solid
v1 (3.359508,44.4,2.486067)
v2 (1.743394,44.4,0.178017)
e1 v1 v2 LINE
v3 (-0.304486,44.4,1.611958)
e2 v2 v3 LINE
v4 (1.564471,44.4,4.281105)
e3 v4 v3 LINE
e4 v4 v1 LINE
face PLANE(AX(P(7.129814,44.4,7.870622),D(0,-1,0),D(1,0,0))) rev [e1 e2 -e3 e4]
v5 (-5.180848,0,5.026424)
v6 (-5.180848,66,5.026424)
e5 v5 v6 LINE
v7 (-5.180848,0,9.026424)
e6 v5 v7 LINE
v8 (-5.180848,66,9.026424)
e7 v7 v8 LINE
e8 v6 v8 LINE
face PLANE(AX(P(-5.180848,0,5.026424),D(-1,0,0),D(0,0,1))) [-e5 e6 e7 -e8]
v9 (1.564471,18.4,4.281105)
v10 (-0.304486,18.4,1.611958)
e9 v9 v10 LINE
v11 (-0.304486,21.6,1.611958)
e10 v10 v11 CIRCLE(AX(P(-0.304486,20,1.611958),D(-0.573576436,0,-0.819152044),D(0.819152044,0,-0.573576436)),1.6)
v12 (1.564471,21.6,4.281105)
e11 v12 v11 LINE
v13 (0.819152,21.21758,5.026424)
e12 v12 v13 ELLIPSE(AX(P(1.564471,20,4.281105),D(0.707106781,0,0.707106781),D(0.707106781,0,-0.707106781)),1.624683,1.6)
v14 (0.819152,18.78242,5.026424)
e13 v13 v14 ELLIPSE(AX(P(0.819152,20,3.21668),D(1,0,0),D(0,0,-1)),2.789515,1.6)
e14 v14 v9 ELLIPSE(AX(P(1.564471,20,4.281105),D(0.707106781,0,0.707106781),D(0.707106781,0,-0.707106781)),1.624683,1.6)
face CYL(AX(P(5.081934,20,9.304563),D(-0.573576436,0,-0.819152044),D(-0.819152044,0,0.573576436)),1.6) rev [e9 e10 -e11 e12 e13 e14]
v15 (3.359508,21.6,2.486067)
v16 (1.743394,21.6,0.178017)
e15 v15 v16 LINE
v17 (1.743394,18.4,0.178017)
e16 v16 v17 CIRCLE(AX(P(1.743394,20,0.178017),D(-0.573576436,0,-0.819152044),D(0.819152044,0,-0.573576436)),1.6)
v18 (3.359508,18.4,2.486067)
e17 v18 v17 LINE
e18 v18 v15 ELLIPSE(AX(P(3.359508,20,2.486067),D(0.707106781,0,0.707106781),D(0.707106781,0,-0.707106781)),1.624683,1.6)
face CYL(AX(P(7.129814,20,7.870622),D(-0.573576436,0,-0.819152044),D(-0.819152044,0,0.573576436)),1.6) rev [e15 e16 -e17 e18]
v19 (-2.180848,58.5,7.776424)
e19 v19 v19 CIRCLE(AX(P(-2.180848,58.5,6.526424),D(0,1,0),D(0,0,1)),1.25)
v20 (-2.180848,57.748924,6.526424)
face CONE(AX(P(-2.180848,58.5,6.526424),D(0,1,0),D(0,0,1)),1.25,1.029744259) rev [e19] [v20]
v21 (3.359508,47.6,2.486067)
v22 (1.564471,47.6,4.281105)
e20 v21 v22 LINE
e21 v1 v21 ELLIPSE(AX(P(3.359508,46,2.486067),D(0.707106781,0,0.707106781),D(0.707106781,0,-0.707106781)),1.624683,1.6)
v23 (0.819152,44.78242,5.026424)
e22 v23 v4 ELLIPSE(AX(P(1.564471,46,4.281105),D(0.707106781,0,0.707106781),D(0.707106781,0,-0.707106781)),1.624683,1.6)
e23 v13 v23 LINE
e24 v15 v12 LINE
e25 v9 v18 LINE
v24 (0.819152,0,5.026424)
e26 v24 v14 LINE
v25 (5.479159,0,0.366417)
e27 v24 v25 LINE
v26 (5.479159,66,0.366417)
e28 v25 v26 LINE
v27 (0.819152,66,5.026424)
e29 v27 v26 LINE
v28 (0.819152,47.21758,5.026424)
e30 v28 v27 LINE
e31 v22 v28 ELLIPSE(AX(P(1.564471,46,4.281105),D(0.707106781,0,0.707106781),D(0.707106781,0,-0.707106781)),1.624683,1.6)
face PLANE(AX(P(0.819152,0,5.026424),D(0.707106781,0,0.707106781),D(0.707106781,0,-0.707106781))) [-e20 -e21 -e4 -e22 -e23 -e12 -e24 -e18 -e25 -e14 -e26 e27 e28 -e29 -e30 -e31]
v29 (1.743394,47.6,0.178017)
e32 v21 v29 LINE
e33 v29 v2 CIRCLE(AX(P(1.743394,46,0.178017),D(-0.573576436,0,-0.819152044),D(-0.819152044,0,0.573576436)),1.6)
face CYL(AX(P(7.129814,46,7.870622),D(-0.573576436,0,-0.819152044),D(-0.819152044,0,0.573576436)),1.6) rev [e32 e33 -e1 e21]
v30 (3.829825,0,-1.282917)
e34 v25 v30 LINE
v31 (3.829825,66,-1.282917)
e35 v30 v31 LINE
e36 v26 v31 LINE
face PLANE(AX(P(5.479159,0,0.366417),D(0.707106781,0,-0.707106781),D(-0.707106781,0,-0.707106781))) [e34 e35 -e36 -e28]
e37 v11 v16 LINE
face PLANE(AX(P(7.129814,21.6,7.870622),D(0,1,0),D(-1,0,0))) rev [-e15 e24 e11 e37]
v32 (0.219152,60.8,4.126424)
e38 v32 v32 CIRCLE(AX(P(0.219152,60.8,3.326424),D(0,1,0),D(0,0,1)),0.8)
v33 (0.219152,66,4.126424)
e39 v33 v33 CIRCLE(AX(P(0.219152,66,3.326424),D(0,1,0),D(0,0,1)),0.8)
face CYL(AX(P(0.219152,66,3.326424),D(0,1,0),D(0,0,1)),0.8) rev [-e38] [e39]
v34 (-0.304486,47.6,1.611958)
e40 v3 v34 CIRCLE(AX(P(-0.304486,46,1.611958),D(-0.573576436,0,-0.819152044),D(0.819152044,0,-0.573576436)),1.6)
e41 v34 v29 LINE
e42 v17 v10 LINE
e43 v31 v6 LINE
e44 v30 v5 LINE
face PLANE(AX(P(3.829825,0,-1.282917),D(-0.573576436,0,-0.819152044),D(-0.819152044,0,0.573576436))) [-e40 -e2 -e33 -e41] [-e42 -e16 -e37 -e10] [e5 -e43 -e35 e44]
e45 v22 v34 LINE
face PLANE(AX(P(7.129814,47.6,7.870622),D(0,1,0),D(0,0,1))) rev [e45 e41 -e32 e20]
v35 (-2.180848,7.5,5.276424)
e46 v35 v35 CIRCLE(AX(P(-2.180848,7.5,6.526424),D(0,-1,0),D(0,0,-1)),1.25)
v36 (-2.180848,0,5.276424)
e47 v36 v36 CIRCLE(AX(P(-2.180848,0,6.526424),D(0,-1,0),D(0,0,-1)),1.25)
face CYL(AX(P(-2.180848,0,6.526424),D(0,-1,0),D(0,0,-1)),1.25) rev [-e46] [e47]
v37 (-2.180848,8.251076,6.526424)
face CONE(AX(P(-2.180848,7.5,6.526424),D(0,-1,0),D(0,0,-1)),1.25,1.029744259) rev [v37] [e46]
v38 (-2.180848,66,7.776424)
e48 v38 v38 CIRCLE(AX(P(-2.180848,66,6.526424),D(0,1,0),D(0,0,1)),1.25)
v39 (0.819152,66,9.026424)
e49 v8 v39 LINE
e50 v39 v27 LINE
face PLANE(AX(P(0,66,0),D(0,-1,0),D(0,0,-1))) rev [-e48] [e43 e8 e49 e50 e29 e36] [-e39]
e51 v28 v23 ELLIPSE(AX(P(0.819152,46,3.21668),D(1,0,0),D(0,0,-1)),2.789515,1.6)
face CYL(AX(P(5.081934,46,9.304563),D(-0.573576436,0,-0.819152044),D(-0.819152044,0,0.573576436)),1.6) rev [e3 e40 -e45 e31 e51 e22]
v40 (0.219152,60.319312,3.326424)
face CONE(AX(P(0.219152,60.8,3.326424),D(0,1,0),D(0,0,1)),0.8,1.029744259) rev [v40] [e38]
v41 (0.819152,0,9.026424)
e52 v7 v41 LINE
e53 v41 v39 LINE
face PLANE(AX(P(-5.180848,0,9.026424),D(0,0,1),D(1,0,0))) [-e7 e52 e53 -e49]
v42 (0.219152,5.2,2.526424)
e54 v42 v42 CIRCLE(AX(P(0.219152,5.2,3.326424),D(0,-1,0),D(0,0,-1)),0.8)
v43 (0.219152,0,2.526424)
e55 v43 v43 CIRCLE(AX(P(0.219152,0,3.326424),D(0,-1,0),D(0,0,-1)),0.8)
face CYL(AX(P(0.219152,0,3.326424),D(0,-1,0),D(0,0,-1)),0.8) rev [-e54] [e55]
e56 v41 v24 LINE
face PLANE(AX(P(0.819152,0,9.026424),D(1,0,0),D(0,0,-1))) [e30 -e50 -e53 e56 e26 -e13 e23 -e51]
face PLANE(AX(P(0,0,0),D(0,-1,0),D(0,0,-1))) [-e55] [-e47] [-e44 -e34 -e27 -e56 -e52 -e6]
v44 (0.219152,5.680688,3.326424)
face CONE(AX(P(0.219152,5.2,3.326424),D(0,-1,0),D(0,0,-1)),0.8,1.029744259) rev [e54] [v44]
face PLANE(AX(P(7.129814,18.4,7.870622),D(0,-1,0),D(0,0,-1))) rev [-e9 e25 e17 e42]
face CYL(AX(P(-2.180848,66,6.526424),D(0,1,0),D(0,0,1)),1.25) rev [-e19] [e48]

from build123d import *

# Parameters (mm, degrees)
BOSS_EXTRUDE1_DEPTH       = 66
M3X0_5_TAPPED_HOLE1_D     = 2.5
M3X0_5_TAPPED_HOLE1_DEPTH = 7.5
M3X0_5_TAPPED_HOLE1_TIP   = 0.751075774
M2X0_4_TAPPED_HOLE1_D     = 1.6
M2X0_4_TAPPED_HOLE1_DEPTH = 5.2
M2X0_4_TAPPED_HOLE1_TIP   = 0.480688495
M3X0_5_TAPPED_HOLE2_D     = 2.5
M3X0_5_TAPPED_HOLE2_DEPTH = 7.5
M3X0_5_TAPPED_HOLE2_TIP   = 0.751075774
M2X0_4_TAPPED_HOLE2_D     = 1.6
M2X0_4_TAPPED_HOLE2_DEPTH = 5.2
M2X0_4_TAPPED_HOLE2_TIP   = 0.480688495
CUT_EXTRUDE1_DEPTH        = 67.749502158


with BuildPart() as part:
    # Sketch1 → Boss-Extrude1 (new body)
    with BuildSketch(Plane(origin=(0, 66, 0), x_dir=(1, 0, 0), z_dir=(0, 1, 0))):
        Polygon((3.829824533, 1.282917234), (-5.180847956, -5.026423564), (-5.180847956, -9.026423564), (0.819152044, -9.026423564), (0.819152044, -5.026423564), (5.479158688, -0.366416921), align=None)
    extrude(amount=-BOSS_EXTRUDE1_DEPTH)

    # M3x0.5 Tapped Hole1
    with Locations(Plane(origin=(0, 0, 0), x_dir=(-1, 0, 0), z_dir=(0, -1, 0))):
        with Locations((2.180847956, -6.526423564)):
            Hole(M3X0_5_TAPPED_HOLE1_D / 2, depth=M3X0_5_TAPPED_HOLE1_DEPTH)
            with Locations((0, 0, -(M3X0_5_TAPPED_HOLE1_DEPTH + M3X0_5_TAPPED_HOLE1_TIP / 2))):  # 118° drill point
                Cone(0, M3X0_5_TAPPED_HOLE1_D / 2, M3X0_5_TAPPED_HOLE1_TIP, mode=Mode.SUBTRACT)

    # M2x0.4 Tapped Hole1
    with Locations(Plane(origin=(0, 0, 0), x_dir=(-1, 0, 0), z_dir=(0, -1, 0))):
        with Locations((-0.219152044, -3.326423564)):
            Hole(M2X0_4_TAPPED_HOLE1_D / 2, depth=M2X0_4_TAPPED_HOLE1_DEPTH)
            with Locations((0, 0, -(M2X0_4_TAPPED_HOLE1_DEPTH + M2X0_4_TAPPED_HOLE1_TIP / 2))):  # 118° drill point
                Cone(0, M2X0_4_TAPPED_HOLE1_D / 2, M2X0_4_TAPPED_HOLE1_TIP, mode=Mode.SUBTRACT)

    # M3x0.5 Tapped Hole2
    with Locations(Plane(origin=(-2.180847956, 66, 6.526423564), x_dir=(0, 0, 1), z_dir=(0, 1, 0))):
        with Locations((0, 0)):
            Hole(M3X0_5_TAPPED_HOLE2_D / 2, depth=M3X0_5_TAPPED_HOLE2_DEPTH)
            with Locations((0, 0, -(M3X0_5_TAPPED_HOLE2_DEPTH + M3X0_5_TAPPED_HOLE2_TIP / 2))):  # 118° drill point
                Cone(0, M3X0_5_TAPPED_HOLE2_D / 2, M3X0_5_TAPPED_HOLE2_TIP, mode=Mode.SUBTRACT)

    # M2x0.4 Tapped Hole2
    with Locations(Plane(origin=(0.219152044, 66, 3.326423564), x_dir=(0, 0, 1), z_dir=(0, 1, 0))):
        with Locations((0, 0)):
            Hole(M2X0_4_TAPPED_HOLE2_D / 2, depth=M2X0_4_TAPPED_HOLE2_DEPTH)
            with Locations((0, 0, -(M2X0_4_TAPPED_HOLE2_DEPTH + M2X0_4_TAPPED_HOLE2_TIP / 2))):  # 118° drill point
                Cone(0, M2X0_4_TAPPED_HOLE2_D / 2, M2X0_4_TAPPED_HOLE2_TIP, mode=Mode.SUBTRACT)

    # Sketch12 → Cut-Extrude1 (cut, through all)
    with BuildSketch(Plane(origin=(0.657199769, 0, 0.938578541), x_dir=(-0.8191520444364442, 0, 0.5735764361404623), z_dir=(-0.5735764361404623, 0, -0.8191520444364442))):
        with BuildLine():
            Line((-1.325998276, 44.400000009), (1.174001724, 44.400000009))
            ThreePointArc((1.174001724, 44.400000009), (2.774001716, 46.000000001), (1.174001724, 47.599999993))
            Line((1.174001724, 47.599999993), (-1.325998276, 47.599999993))
            ThreePointArc((-1.325998276, 47.599999993), (-2.925998268, 46.000000001), (-1.325998276, 44.400000009))
        make_face()
        with BuildLine():
            Line((-1.325998276, 18.400000007), (1.174001724, 18.400000007))
            ThreePointArc((1.174001724, 18.400000007), (2.774001716, 19.999999999), (1.174001724, 21.599999991))
            Line((1.174001724, 21.599999991), (-1.325998276, 21.599999991))
            ThreePointArc((-1.325998276, 21.599999991), (-2.925998268, 19.999999999), (-1.325998276, 18.400000007))
        make_face()
    extrude(amount=-CUT_EXTRUDE1_DEPTH, mode=Mode.SUBTRACT)


solid = part.part
